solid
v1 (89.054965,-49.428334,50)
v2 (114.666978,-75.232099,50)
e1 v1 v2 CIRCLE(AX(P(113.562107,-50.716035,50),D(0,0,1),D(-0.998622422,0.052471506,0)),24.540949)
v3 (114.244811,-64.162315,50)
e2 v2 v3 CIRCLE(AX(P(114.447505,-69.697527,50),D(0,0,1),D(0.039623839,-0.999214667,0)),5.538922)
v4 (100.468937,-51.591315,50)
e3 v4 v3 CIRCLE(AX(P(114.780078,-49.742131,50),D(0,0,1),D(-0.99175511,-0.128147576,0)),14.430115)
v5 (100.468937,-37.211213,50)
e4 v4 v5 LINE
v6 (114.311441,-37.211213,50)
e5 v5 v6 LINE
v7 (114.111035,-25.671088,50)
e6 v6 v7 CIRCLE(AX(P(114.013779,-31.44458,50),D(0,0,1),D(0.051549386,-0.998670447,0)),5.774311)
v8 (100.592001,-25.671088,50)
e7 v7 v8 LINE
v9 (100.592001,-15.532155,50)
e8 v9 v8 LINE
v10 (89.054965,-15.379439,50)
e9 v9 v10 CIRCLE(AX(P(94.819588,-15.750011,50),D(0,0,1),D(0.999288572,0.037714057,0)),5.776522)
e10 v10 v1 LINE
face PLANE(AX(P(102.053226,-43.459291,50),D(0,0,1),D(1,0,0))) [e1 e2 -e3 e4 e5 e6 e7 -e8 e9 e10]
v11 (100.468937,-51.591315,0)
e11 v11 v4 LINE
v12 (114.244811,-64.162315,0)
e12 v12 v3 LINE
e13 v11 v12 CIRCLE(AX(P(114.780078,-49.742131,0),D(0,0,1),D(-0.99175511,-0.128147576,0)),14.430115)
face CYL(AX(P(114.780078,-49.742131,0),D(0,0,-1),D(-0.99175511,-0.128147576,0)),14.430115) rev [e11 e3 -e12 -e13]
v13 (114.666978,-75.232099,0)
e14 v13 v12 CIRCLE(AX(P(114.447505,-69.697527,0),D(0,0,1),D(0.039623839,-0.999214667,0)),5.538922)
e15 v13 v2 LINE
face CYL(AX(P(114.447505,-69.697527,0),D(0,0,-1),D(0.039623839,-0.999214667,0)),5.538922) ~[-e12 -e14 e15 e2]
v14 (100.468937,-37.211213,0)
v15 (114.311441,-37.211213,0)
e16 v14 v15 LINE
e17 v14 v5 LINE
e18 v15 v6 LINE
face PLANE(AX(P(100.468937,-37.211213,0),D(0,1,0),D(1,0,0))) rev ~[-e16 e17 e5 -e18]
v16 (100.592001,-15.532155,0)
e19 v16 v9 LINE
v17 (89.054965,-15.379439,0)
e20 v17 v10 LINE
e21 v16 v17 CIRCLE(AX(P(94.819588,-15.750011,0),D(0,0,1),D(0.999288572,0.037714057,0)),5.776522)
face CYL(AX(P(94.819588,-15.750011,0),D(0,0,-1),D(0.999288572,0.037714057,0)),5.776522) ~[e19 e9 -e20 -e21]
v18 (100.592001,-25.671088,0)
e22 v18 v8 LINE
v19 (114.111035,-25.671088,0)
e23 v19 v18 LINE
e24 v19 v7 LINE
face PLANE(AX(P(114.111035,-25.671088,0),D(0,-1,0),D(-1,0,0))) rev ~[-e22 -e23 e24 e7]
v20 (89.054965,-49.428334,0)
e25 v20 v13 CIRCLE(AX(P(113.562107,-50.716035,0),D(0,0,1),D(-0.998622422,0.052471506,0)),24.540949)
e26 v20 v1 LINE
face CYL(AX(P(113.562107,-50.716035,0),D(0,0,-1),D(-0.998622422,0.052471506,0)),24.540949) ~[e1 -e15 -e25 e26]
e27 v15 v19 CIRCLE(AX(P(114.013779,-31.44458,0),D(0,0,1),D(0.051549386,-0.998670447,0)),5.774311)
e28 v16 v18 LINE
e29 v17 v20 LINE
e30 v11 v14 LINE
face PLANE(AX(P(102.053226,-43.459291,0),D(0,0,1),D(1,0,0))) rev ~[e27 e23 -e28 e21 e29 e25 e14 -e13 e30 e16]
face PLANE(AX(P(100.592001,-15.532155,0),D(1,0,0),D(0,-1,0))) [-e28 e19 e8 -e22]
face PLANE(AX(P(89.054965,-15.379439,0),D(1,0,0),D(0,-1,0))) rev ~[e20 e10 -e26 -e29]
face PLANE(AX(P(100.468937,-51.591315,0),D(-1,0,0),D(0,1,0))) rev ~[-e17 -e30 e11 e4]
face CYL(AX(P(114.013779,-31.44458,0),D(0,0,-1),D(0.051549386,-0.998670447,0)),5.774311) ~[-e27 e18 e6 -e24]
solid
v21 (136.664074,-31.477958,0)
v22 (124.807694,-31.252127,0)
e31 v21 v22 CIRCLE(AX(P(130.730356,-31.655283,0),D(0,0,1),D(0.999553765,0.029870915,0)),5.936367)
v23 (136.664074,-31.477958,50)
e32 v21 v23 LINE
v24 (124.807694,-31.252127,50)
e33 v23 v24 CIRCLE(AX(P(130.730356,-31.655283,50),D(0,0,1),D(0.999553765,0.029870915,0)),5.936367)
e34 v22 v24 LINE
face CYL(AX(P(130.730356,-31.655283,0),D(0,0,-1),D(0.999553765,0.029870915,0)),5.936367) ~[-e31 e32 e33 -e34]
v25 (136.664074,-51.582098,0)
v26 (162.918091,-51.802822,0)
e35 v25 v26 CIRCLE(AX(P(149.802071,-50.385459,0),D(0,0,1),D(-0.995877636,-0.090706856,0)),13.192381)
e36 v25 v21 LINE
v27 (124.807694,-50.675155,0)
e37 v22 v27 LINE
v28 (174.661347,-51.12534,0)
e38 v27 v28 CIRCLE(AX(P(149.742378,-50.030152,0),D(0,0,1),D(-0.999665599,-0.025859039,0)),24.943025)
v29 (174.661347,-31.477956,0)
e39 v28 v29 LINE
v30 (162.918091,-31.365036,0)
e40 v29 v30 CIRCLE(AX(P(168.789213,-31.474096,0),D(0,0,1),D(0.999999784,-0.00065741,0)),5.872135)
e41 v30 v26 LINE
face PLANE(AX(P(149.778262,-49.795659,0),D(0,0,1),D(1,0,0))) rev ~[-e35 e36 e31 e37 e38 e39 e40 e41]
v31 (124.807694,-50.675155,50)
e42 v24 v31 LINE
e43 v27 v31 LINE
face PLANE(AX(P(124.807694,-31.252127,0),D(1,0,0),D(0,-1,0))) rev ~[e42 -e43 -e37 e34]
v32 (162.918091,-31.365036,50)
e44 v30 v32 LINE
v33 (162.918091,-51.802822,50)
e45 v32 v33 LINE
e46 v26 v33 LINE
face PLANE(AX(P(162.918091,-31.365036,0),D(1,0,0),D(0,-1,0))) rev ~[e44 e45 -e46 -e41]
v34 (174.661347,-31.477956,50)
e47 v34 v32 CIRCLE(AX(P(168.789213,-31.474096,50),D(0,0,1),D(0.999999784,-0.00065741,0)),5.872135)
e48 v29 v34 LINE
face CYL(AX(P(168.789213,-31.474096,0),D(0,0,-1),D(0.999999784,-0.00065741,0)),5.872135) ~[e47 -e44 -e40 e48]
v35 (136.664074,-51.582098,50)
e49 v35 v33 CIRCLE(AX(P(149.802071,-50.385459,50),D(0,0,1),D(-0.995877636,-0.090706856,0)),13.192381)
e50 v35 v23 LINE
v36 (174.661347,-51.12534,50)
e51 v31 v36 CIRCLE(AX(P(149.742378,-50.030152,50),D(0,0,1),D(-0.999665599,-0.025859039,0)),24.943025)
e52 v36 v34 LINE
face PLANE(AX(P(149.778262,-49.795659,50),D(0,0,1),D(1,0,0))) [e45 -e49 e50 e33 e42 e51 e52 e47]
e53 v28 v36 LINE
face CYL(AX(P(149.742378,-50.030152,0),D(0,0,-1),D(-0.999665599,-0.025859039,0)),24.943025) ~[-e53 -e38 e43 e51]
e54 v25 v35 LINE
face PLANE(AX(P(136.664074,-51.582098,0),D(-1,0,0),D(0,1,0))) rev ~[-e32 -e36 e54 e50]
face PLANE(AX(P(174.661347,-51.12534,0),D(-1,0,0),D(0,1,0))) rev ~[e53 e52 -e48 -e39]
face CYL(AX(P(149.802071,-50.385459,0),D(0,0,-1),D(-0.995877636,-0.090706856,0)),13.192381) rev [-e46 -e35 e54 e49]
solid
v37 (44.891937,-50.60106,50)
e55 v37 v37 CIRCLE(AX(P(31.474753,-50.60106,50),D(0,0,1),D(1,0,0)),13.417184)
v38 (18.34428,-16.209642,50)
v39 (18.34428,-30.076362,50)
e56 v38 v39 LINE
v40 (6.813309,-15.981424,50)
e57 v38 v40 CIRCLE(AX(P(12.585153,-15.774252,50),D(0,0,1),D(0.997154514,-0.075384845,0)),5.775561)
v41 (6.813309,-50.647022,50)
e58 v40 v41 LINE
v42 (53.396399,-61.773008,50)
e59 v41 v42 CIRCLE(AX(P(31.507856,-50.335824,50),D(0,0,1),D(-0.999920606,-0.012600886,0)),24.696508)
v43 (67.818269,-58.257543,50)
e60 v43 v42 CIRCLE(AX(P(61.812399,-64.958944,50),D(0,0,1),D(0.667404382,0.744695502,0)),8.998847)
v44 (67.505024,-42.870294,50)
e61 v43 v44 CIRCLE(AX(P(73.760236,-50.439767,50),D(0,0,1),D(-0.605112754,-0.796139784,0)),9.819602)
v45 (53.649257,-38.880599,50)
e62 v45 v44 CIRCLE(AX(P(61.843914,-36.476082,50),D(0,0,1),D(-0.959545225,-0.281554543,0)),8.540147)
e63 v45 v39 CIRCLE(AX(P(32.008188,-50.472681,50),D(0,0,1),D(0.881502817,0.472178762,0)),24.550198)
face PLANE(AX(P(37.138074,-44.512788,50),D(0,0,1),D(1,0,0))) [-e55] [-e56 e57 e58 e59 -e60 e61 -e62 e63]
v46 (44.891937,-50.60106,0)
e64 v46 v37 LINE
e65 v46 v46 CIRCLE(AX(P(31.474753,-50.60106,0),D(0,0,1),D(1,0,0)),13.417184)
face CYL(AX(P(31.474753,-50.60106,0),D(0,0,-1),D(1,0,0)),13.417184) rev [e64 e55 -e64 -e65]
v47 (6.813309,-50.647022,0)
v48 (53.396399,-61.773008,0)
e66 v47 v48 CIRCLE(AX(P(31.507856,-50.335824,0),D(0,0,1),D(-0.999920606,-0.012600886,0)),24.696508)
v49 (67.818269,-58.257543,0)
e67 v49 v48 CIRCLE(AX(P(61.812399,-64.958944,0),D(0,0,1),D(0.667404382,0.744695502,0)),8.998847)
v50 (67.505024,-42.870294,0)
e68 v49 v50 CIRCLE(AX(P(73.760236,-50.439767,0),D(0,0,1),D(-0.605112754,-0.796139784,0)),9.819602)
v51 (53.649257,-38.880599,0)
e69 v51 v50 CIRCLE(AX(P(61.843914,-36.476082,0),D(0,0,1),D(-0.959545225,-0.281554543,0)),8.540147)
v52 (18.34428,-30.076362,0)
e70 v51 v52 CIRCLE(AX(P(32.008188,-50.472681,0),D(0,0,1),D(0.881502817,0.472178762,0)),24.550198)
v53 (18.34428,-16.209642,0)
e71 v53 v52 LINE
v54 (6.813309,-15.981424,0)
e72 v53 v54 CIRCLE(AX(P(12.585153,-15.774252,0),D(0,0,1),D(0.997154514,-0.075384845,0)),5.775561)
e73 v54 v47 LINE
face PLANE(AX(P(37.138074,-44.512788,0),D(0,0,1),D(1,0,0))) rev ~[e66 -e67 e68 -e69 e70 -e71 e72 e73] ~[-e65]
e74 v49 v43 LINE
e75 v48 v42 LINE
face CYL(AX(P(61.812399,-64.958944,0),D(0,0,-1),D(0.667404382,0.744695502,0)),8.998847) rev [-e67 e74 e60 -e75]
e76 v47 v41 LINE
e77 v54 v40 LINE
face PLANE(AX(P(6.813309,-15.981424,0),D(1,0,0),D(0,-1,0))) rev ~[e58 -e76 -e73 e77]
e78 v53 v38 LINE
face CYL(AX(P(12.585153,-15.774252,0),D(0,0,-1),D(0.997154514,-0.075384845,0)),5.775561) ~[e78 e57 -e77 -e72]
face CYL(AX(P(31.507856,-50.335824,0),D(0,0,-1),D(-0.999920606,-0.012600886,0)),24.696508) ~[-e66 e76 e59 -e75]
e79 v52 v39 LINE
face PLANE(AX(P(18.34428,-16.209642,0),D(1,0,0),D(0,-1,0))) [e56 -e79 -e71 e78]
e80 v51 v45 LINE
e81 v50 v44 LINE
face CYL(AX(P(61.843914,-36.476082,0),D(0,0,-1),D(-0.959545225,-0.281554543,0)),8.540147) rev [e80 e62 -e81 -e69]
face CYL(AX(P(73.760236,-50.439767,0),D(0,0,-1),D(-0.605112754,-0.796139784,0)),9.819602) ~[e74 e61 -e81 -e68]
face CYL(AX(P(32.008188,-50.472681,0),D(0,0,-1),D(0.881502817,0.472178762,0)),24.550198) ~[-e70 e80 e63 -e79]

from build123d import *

# Parameters (mm, degrees)
SKETCH003_R = 13.417184
PAD_DEPTH   = 50


with BuildPart() as part:
    # Sketch003 → Pad (new body)
    with BuildSketch(Plane.XY):
        with BuildLine():
            ThreePointArc((100.592001, -15.532155), (94.896046, -9.973995), (89.054965, -15.379439))
            Line((89.054965, -15.379439), (89.054965, -49.428334))
            ThreePointArc((89.054965, -49.428334), (96.144439, -68.004268), (114.666978, -75.232099))
            ThreePointArc((114.666978, -75.232099), (119.982403, -69.486443), (114.244811, -64.162315))
            ThreePointArc((100.468937, -51.591315), (105.053235, -60.401247), (114.244811, -64.162315))
            Line((100.468937, -51.591315), (100.468937, -37.211213))
            Line((100.468937, -37.211213), (114.311441, -37.211213))
            ThreePointArc((114.311441, -37.211213), (119.787219, -31.344318), (114.111035, -25.671088))
            Line((114.111035, -25.671088), (100.592001, -25.671088))
            Line((100.592001, -15.532155), (100.592001, -25.671088))
        make_face()
        with BuildLine():
            ThreePointArc((18.34428, -16.209642), (12.699439, -9.999822), (6.813309, -15.981424))
            Line((6.813309, -15.981424), (6.813309, -50.647022))
            ThreePointArc((6.813309, -50.647022), (25.77067, -74.356694), (53.396399, -61.773008))
            ThreePointArc((67.818269, -58.257543), (59.681248, -56.216093), (53.396399, -61.773008))
            ThreePointArc((67.818269, -58.257543), (83.577804, -50.239906), (67.505024, -42.870294))
            ThreePointArc((53.649257, -38.880599), (59.480837, -44.682785), (67.505024, -42.870294))
            ThreePointArc((53.649257, -38.880599), (37.94851, -26.652001), (18.34428, -30.076362))
            Line((18.34428, -16.209642), (18.34428, -30.076362))
        make_face()
        with Locations((31.474753, -50.60106)):
            Circle(SKETCH003_R, mode=Mode.SUBTRACT)
        with BuildLine():
            ThreePointArc((136.664074, -31.477958), (130.843407, -25.719992), (124.807694, -31.252127))
            Line((124.807694, -31.252127), (124.807694, -50.675155))
            ThreePointArc((124.807694, -50.675155), (149.517148, -74.97216), (174.661347, -51.12534))
            Line((174.661347, -51.12534), (174.661347, -31.477956))
            ThreePointArc((174.661347, -31.477956), (168.845675, -25.602232), (162.918091, -31.365036))
            Line((162.918091, -31.365036), (162.918091, -51.802822))
            ThreePointArc((136.664074, -51.582098), (149.691163, -63.577373), (162.918091, -51.802822))
            Line((136.664074, -51.582098), (136.664074, -31.477958))
        make_face()
    extrude(amount=PAD_DEPTH)


solid = part.part
